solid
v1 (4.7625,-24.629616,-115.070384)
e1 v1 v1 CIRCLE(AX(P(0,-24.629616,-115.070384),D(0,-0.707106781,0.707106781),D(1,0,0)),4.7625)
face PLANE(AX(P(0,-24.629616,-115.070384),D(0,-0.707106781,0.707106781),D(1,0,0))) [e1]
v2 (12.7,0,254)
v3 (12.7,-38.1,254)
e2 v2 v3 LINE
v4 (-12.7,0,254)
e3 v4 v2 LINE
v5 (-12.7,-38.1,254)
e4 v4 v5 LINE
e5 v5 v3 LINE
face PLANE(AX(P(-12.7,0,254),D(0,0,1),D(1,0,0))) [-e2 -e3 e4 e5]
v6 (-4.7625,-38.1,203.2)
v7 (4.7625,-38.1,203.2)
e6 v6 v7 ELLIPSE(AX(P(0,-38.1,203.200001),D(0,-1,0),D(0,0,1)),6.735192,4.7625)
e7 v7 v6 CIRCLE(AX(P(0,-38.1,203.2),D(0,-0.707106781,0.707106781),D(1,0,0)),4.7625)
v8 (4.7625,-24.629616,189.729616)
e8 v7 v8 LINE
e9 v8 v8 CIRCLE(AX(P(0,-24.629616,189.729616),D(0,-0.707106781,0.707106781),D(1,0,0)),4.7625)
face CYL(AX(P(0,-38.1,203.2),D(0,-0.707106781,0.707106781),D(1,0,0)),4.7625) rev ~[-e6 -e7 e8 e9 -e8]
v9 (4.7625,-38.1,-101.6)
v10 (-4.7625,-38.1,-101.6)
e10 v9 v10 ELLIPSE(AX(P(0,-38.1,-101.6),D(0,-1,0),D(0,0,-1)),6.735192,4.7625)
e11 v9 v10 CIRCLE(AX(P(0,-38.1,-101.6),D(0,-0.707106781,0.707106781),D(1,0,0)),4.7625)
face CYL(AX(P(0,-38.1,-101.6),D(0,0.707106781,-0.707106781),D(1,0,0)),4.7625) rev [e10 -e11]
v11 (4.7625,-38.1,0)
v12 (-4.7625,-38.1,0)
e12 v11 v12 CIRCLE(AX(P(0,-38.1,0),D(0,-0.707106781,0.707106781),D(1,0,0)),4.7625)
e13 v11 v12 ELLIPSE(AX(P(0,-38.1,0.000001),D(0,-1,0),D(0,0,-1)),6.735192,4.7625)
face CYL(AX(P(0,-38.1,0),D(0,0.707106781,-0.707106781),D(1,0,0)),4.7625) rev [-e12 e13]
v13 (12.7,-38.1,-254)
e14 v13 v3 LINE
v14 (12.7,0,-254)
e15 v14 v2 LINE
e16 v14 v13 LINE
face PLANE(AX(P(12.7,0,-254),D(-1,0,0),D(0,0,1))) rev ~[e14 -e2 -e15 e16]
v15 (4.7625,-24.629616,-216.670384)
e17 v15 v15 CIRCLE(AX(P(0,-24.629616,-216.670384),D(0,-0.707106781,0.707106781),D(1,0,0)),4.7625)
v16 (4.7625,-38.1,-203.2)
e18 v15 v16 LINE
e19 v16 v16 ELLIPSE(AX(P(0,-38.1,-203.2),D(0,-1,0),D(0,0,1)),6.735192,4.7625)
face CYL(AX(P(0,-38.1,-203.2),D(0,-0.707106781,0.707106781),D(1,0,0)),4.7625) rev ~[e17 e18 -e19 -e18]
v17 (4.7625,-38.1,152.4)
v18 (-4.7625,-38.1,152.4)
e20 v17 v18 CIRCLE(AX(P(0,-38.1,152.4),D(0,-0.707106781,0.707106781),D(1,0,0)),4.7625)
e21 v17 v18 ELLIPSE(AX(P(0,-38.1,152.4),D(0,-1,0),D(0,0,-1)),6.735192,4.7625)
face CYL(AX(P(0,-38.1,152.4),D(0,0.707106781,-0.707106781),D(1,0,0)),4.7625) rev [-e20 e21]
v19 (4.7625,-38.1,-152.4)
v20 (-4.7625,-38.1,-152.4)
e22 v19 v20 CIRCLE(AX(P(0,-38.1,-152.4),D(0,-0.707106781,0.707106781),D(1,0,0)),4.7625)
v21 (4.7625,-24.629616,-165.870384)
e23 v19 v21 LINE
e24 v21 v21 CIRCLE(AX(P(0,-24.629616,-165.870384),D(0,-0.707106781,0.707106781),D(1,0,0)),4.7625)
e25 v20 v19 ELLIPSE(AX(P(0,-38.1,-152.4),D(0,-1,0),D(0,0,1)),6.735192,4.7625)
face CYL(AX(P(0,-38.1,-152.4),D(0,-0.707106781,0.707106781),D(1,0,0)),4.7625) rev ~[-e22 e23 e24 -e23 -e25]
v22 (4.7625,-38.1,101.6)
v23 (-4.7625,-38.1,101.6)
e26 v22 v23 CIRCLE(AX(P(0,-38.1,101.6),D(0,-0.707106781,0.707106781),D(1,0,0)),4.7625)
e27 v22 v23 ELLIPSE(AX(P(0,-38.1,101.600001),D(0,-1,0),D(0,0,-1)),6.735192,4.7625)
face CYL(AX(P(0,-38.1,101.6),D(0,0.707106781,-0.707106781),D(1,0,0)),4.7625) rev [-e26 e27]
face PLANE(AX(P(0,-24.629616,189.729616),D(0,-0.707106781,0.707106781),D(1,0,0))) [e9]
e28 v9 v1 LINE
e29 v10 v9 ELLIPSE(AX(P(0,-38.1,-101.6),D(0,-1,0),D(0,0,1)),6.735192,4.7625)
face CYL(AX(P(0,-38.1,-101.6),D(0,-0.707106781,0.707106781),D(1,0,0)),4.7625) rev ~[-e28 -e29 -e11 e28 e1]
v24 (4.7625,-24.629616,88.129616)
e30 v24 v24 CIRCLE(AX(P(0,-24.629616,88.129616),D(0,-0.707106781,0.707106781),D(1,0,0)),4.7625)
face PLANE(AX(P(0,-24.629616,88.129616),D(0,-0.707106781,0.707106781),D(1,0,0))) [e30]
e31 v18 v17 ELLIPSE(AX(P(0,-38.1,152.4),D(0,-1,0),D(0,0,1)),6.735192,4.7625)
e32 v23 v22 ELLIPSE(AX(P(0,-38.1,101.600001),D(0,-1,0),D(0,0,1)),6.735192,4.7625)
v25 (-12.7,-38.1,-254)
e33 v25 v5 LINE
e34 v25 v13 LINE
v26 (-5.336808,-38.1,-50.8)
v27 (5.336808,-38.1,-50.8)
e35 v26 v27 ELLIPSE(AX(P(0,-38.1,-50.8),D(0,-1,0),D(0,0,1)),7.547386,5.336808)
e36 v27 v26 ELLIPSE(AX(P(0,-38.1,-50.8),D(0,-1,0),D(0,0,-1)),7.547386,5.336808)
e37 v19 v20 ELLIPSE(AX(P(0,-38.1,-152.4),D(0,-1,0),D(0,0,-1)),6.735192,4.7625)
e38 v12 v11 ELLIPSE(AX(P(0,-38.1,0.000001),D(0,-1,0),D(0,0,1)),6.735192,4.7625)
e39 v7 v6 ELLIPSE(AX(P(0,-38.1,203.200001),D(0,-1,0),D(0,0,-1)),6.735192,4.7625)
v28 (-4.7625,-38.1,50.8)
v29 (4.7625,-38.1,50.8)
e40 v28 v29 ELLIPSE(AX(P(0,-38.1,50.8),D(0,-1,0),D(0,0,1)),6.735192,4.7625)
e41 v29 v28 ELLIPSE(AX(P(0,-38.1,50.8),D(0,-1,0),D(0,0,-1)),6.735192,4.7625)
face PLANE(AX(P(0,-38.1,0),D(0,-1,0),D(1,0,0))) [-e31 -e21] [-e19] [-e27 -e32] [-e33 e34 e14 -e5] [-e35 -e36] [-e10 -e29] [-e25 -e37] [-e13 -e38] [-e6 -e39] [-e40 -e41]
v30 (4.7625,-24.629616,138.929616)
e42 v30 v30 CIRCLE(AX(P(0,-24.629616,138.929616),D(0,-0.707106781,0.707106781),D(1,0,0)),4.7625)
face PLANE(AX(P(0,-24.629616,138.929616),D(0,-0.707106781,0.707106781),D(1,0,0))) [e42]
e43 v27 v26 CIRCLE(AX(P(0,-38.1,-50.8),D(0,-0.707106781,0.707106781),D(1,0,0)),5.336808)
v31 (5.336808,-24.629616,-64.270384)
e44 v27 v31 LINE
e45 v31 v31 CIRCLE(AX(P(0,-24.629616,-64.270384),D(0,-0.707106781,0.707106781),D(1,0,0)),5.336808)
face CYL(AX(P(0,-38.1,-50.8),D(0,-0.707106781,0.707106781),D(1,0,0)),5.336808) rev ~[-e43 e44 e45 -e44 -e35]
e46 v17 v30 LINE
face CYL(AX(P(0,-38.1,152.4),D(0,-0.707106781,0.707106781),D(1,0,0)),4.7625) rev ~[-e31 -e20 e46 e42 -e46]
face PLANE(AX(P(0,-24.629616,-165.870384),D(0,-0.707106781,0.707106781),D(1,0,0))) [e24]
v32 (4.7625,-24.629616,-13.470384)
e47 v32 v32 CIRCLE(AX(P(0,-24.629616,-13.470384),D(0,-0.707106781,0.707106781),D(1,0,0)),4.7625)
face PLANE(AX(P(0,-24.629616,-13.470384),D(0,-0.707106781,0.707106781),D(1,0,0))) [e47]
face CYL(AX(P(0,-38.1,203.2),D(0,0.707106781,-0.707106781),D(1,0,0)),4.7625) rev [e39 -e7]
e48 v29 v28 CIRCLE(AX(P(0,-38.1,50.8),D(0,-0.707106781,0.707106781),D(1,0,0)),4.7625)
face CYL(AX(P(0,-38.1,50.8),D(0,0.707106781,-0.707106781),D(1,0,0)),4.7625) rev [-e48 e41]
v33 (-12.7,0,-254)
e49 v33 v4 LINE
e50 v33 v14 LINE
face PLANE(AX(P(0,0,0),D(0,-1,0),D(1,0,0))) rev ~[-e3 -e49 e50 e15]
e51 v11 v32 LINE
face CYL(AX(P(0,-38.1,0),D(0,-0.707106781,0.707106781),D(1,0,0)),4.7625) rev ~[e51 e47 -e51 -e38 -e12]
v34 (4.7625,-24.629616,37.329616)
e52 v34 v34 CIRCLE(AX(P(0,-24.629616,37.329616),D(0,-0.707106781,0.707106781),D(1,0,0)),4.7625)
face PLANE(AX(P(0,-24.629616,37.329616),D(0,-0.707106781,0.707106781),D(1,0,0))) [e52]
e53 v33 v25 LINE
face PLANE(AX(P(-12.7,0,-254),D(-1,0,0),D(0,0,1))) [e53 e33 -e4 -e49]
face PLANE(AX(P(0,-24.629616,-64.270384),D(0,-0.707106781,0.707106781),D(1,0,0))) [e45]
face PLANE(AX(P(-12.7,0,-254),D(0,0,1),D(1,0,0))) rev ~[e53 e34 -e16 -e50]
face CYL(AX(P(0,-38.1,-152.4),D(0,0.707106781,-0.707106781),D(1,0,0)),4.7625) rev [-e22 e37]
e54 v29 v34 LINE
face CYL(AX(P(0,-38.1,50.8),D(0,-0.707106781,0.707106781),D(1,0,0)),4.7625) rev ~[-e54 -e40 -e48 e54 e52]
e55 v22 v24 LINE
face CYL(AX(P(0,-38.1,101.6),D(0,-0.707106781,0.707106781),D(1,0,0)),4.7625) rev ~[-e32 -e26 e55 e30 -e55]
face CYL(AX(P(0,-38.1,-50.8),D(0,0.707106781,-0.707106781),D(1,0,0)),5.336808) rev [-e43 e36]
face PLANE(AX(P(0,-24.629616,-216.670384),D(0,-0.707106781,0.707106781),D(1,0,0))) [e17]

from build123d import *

# Parameters (mm, degrees)
F0_W      = 25.4
F0_H      = 508
F1_DEPTH  = 38.1
F4_R      = 4.7625
F6_R      = 4.7625
F8_R      = 4.7625
F10_R     = 4.7625
F12_R     = 4.7625
F14_R     = 5.336808
F16_R     = 4.7625
F18_R     = 4.7625
F20_R     = 4.7625
F21_DEPTH = 19.05


with BuildPart() as f1:
    # F0 (on Front) → F1 (new body)
    with BuildSketch(Plane.XZ):
        Rectangle(F0_W, F0_H)
    extrude(amount=F1_DEPTH)

    # F4 (on face) + F6 (on face) + F8 (on face) + F10 (on face) + F12 (on face) + F14 (on face) + F16 (on face) + F18 (on face) + F20 (on face) → F21 (cut, symmetric)
    with BuildSketch(Plane(origin=(0, -120.65, 120.65), x_dir=(1, 0, 0), z_dir=(0, -0.707107, 0.707107))):
        with Locations((0, 116.74333)):
            Circle(F4_R)
    with BuildSketch(Plane(origin=(0, -95.25, 95.25), x_dir=(1, 0, 0), z_dir=(0, -0.707107, 0.707107))):
        with Locations((0, 80.822305)):
            Circle(F6_R)
    with BuildSketch(Plane(origin=(0, -69.85, 69.85), x_dir=(1, 0, 0), z_dir=(0, -0.707107, 0.707107))):
        with Locations((0, 44.901281)):
            Circle(F8_R)
    with BuildSketch(Plane(origin=(0, -44.45, 44.45), x_dir=(1, 0, 0), z_dir=(0, -0.707107, 0.707107))):
        with Locations((0, 8.980256)):
            Circle(F10_R)
    with BuildSketch(Plane(origin=(0, -19.05, 19.05), x_dir=(1, 0, 0), z_dir=(0, -0.707107, 0.707107))):
        with Locations((0, -26.940768)):
            Circle(F12_R)
    with BuildSketch(Plane(origin=(0, 6.35, -6.35), x_dir=(1, 0, 0), z_dir=(0, -0.707107, 0.707107))):
        with Locations((0, -62.861793)):
            Circle(F14_R)
    with BuildSketch(Plane(origin=(0, 31.75, -31.75), x_dir=(1, 0, 0), z_dir=(0, -0.707107, 0.707107))):
        with Locations((0, -98.782817)):
            Circle(F16_R)
    with BuildSketch(Plane(origin=(0, 57.15, -57.15), x_dir=(1, 0, 0), z_dir=(0, -0.707107, 0.707107))):
        with Locations((0, -134.703842)):
            Circle(F18_R)
    with BuildSketch(Plane(origin=(0, 82.55, -82.55), x_dir=(1, 0, 0), z_dir=(0, -0.707107, 0.707107))):
        with Locations((0, -170.624866)):
            Circle(F20_R)
    extrude(amount=F21_DEPTH, both=True, mode=Mode.SUBTRACT)


solid = f1.part
